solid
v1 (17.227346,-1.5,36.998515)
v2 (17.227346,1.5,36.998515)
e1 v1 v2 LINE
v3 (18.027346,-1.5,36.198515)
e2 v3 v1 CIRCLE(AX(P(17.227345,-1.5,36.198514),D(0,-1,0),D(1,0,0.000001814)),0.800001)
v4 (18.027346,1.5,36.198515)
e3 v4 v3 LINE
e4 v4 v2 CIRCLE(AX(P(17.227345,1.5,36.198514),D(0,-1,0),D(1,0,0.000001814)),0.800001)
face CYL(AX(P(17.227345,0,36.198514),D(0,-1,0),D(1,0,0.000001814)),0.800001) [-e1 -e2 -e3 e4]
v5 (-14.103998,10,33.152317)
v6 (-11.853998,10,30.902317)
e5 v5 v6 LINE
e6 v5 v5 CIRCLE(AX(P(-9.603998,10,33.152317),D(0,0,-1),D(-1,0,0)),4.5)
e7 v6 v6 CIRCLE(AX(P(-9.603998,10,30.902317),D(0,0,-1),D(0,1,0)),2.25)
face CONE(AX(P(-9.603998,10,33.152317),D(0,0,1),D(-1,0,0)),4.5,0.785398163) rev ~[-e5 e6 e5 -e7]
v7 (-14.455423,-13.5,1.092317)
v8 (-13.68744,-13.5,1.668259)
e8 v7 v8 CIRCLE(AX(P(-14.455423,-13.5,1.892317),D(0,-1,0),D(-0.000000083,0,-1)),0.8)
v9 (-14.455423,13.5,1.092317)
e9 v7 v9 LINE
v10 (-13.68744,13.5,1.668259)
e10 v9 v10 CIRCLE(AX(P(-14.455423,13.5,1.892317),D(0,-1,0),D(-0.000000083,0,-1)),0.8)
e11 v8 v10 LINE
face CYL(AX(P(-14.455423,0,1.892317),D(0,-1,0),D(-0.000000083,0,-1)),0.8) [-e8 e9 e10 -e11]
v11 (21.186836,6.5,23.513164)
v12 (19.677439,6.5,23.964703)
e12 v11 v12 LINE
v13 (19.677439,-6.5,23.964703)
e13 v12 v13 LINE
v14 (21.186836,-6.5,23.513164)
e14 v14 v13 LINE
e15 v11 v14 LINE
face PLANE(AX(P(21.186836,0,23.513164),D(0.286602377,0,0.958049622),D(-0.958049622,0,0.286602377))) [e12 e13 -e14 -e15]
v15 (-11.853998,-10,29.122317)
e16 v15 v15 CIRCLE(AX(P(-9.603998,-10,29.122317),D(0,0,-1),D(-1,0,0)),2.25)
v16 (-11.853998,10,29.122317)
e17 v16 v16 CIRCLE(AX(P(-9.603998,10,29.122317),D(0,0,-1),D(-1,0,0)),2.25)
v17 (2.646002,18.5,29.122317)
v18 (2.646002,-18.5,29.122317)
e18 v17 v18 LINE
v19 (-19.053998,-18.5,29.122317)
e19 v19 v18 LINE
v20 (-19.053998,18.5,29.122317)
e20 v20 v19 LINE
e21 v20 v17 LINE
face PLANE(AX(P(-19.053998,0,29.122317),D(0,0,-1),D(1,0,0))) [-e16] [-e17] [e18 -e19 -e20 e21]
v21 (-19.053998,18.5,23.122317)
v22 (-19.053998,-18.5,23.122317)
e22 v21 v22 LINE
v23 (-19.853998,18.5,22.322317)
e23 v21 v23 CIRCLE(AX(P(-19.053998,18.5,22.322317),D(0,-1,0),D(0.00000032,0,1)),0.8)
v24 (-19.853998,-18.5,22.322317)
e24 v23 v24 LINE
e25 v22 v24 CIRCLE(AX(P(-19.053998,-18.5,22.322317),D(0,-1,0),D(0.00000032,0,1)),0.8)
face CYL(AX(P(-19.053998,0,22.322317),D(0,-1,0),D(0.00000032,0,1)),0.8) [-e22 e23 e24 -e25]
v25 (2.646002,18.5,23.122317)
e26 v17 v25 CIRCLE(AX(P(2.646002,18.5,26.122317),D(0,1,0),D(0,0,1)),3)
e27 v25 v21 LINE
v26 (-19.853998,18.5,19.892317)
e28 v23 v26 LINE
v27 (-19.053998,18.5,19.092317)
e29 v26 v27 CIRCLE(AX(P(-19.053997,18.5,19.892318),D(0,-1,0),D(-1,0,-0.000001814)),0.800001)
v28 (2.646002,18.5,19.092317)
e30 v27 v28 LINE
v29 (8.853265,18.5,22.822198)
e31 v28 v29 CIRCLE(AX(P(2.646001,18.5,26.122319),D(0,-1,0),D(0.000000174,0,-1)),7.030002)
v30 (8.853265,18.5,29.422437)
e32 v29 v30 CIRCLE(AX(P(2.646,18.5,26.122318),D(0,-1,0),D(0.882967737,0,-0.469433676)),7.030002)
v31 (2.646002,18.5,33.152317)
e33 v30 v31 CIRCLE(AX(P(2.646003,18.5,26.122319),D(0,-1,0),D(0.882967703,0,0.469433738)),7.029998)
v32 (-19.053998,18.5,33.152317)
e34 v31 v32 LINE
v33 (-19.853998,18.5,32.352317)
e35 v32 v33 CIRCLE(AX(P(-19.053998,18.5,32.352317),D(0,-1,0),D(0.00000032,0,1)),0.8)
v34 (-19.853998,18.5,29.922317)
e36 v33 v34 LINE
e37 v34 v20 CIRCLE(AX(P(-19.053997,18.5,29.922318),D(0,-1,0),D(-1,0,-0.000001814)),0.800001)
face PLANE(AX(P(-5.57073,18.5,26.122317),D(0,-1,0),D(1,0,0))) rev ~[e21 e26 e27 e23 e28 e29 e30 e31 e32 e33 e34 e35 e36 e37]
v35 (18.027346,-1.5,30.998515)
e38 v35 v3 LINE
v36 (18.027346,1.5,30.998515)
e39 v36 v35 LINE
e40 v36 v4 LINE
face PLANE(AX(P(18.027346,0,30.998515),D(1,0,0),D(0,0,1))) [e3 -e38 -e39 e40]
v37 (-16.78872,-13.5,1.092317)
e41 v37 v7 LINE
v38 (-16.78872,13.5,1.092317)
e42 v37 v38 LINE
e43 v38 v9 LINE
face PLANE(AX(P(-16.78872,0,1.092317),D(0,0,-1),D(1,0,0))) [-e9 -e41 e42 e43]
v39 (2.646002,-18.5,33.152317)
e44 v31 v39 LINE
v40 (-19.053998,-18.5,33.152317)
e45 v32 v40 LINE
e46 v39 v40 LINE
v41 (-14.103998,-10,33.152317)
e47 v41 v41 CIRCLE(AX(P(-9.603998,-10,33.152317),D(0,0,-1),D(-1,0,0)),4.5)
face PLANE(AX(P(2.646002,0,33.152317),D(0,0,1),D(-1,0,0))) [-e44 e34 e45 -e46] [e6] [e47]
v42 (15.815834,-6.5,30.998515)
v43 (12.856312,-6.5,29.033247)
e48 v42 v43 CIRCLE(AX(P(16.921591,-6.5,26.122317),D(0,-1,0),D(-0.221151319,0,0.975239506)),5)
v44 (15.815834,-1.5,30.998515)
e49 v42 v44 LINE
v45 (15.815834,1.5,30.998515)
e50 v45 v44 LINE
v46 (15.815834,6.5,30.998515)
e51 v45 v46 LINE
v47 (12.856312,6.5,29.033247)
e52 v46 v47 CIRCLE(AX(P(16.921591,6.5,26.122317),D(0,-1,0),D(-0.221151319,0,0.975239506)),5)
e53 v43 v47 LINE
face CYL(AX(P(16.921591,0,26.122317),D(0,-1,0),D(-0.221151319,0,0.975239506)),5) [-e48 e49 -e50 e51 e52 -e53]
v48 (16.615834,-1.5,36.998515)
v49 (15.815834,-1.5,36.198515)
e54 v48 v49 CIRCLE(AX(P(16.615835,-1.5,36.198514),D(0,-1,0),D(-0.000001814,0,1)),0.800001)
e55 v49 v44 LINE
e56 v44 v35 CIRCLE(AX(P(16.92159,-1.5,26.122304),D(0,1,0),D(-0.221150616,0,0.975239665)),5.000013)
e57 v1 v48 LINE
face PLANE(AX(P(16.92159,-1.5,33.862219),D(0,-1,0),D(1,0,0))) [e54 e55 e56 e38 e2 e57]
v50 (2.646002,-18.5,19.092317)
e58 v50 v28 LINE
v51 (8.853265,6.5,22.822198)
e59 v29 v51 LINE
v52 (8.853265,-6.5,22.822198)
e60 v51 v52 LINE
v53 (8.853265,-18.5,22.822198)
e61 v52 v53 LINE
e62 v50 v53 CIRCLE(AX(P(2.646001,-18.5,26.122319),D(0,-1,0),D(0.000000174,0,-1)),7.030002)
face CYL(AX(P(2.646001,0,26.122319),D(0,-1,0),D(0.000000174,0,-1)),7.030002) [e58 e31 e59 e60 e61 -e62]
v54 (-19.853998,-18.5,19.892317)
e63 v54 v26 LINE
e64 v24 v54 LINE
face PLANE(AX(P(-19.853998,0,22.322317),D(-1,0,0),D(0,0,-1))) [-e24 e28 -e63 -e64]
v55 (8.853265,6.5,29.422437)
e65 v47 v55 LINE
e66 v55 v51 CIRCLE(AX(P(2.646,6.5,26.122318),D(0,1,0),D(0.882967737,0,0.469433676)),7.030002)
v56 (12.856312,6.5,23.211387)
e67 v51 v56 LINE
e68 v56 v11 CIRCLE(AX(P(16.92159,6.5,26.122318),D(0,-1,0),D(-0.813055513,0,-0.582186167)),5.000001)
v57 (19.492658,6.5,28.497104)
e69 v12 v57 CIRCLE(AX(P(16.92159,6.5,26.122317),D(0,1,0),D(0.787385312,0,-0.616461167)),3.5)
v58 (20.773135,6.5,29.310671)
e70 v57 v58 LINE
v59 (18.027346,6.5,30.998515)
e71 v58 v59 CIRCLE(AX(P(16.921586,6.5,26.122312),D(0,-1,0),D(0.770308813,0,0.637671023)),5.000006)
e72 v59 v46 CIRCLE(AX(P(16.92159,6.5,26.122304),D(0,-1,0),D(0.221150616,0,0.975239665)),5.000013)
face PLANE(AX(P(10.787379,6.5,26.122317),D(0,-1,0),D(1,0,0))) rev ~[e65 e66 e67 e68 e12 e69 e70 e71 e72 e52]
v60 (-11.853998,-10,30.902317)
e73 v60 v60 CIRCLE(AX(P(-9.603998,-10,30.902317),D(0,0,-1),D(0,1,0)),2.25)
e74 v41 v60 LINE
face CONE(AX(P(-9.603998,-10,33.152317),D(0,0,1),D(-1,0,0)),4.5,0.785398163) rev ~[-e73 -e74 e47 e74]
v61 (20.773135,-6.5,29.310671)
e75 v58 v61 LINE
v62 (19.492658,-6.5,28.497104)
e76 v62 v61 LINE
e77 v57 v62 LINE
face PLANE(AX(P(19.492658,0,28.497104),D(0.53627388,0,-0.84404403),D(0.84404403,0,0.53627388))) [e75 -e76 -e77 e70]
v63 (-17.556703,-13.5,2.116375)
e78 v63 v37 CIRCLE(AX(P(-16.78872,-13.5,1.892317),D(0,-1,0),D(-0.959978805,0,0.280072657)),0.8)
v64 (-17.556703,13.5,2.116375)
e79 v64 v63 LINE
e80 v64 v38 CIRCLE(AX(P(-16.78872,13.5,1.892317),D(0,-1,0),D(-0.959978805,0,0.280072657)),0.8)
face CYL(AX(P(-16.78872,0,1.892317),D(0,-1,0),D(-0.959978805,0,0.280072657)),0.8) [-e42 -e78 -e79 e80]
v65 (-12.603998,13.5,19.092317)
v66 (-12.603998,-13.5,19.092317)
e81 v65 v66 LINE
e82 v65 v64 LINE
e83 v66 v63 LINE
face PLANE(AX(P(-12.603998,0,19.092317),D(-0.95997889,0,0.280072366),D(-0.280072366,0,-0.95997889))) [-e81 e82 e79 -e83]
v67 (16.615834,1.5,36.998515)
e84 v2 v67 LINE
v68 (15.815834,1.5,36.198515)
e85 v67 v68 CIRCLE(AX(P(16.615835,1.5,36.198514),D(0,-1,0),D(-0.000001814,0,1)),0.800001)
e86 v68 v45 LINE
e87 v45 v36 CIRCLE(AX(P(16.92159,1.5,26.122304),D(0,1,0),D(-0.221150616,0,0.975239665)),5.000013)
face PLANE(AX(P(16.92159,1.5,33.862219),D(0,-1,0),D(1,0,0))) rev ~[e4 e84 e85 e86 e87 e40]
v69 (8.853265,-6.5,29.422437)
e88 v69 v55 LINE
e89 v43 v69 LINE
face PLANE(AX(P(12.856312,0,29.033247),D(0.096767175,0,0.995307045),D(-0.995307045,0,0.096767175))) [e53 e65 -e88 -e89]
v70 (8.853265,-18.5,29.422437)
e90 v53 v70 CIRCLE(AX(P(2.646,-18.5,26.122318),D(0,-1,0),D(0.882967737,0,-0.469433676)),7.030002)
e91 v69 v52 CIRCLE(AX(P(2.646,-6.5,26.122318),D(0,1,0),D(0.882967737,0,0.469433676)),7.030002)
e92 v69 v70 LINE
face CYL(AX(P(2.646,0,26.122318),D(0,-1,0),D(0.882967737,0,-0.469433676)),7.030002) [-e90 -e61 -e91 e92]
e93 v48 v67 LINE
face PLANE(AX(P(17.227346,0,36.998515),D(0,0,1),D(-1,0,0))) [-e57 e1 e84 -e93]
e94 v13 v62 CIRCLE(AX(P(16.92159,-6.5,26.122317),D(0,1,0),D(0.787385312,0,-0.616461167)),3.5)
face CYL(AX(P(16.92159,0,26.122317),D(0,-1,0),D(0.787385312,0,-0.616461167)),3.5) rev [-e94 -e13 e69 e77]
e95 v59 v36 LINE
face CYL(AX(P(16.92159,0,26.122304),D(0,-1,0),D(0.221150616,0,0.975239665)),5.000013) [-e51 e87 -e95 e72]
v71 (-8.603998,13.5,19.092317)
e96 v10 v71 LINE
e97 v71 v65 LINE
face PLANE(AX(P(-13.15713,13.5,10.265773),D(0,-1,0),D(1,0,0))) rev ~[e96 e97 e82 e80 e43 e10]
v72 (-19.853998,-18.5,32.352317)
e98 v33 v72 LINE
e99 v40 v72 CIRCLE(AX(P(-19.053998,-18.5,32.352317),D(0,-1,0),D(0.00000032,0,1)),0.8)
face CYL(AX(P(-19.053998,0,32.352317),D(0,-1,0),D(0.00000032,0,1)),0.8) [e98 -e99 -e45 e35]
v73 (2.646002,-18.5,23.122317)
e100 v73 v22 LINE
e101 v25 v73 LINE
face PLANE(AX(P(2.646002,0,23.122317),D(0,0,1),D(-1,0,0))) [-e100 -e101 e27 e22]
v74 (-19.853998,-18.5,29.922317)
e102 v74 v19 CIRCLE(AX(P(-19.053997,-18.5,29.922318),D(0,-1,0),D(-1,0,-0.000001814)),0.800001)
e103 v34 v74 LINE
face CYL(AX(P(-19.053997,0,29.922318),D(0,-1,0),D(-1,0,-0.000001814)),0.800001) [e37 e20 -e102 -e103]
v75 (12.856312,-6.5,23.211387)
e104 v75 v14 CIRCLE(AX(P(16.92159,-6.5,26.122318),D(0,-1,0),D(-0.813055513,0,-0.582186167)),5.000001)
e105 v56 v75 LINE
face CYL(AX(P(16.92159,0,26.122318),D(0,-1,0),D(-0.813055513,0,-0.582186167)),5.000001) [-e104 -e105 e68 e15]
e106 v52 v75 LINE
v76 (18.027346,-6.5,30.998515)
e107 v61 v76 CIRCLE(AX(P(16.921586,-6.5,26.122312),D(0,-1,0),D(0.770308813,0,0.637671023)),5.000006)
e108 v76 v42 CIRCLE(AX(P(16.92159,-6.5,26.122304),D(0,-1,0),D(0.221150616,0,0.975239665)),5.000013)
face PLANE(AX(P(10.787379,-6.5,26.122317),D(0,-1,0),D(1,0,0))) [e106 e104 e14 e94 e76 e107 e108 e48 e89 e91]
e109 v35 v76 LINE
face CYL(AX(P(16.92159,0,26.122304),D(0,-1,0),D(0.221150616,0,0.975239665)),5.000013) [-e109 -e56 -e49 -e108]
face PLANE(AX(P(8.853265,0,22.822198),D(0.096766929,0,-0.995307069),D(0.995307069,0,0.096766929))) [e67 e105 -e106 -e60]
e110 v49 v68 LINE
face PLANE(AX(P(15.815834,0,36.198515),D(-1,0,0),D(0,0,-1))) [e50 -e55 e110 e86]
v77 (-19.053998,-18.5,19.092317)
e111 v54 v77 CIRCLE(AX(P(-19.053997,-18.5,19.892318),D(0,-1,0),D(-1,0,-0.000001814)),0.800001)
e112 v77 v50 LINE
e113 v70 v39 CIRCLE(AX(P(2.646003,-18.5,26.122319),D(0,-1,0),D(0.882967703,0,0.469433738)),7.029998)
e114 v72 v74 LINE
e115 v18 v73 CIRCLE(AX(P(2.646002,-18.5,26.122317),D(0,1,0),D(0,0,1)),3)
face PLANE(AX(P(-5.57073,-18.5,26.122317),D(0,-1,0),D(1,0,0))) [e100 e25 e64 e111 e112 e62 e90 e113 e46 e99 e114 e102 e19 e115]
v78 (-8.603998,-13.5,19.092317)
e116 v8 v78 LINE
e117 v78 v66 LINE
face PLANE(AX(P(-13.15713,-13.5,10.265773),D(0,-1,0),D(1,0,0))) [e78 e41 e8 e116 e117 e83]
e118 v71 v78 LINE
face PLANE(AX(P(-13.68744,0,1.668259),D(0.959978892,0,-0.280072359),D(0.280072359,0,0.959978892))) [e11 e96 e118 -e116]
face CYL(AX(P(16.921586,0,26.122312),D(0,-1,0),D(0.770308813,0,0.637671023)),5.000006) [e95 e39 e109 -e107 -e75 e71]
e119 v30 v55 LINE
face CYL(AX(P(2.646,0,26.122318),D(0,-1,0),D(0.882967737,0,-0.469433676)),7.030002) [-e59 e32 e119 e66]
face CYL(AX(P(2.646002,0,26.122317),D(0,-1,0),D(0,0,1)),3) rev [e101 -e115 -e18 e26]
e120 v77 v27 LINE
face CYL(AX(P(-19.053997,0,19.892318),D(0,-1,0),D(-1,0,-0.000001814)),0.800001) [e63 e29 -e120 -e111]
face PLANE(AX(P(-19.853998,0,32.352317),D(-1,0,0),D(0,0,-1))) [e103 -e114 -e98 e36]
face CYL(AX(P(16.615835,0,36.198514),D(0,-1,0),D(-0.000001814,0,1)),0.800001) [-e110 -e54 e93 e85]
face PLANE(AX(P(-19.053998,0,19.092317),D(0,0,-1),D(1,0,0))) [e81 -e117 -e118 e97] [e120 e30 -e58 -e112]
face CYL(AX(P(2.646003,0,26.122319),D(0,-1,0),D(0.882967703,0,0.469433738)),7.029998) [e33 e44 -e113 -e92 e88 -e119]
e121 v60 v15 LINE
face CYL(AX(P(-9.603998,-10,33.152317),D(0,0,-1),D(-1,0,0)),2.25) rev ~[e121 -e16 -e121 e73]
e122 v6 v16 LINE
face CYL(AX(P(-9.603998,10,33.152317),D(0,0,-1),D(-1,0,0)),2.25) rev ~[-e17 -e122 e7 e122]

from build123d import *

# Parameters (mm, degrees)
F1_DEPTH       = 18.5
F2_DEPTH       = 6.5
F3_DEPTH       = 1.5
F4_DEPTH       = 13.5
F6_D           = 4.5
F6_DEPTH       = 7
F6_CSINK_D     = 9
F6_CSINK_ANGLE = 90


with BuildPart() as f1:
    # F0 (on Front) → F1 (new body, symmetric)
    with BuildSketch(Plane.XZ):
        with BuildLine():
            Line((-8.603998, 19.092317), (2.646002, 19.092317))
            ThreePointArc((2.646002, 19.092317), (6.266849, 20.096509), (8.853265, 22.822198))
            ThreePointArc((8.853265, 22.822198), (9.676002, 26.122317), (8.853265, 29.422437))
            ThreePointArc((8.853265, 29.422437), (6.266849, 32.148126), (2.646002, 33.152317))
            Line((2.646002, 33.152317), (-19.053998, 33.152317))
            ThreePointArc((-19.053998, 33.152317), (-19.619683, 32.918003), (-19.853998, 32.352317))
            Line((-19.853998, 32.352317), (-19.853998, 29.922317))
            ThreePointArc((-19.853998, 29.922317), (-19.619683, 29.356632), (-19.053998, 29.122317))
            Line((-19.053998, 29.122317), (2.646002, 29.122317))
            ThreePointArc((2.646002, 29.122317), (5.646002, 26.122317), (2.646002, 23.122317))
            Line((2.646002, 23.122317), (-19.053998, 23.122317))
            ThreePointArc((-19.053998, 23.122317), (-19.619683, 22.888003), (-19.853998, 22.322317))
            Line((-19.853998, 22.322317), (-19.853998, 19.892317))
            ThreePointArc((-19.853998, 19.892317), (-19.619683, 19.326632), (-19.053998, 19.092317))
            Line((-19.053998, 19.092317), (-12.603998, 19.092317))
            Line((-12.603998, 19.092317), (-8.603998, 19.092317))
        make_face()
    extrude(amount=F1_DEPTH, both=True)

    # F0 (on Front) → F2 (join, symmetric)
    with BuildSketch(Plane.XZ):
        with BuildLine():
            ThreePointArc((8.853265, 29.422437), (9.676002, 26.122317), (8.853265, 22.822198))
            Line((8.853265, 22.822198), (12.856312, 23.211387))
            ThreePointArc((12.856312, 23.211387), (11.92159, 26.122317), (12.856312, 29.033247))
            Line((12.856312, 29.033247), (8.853265, 29.422437))
        make_face()
        with BuildLine():
            ThreePointArc((12.856312, 29.033247), (11.92159, 26.122317), (12.856312, 23.211387))
            ThreePointArc((12.856312, 23.211387), (17.102599, 21.125595), (21.186836, 23.513164))
            Line((21.186836, 23.513164), (19.677439, 23.964703))
            ThreePointArc((19.677439, 23.964703), (13.424495, 25.979745), (19.492658, 28.497104))
            Line((19.492658, 28.497104), (20.773135, 29.310671))
            ThreePointArc((20.773135, 29.310671), (19.539969, 30.381905), (18.027346, 30.998515))
            ThreePointArc((18.027346, 30.998515), (16.92159, 31.122317), (15.815834, 30.998515))
            ThreePointArc((15.815834, 30.998515), (14.155642, 30.287594), (12.856312, 29.033247))
        make_face()
    extrude(amount=F2_DEPTH, both=True)

    # F0 (on Front) → F3 (join, symmetric)
    with BuildSketch(Plane.XZ):
        with BuildLine():
            Line((15.815834, 36.198515), (15.815834, 30.998515))
            ThreePointArc((15.815834, 30.998515), (16.92159, 31.122317), (18.027346, 30.998515))
            Line((18.027346, 30.998515), (18.027346, 36.198515))
            ThreePointArc((18.027346, 36.198515), (17.793031, 36.7642), (17.227346, 36.998515))
            Line((17.227346, 36.998515), (16.615834, 36.998515))
            ThreePointArc((16.615834, 36.998515), (16.050149, 36.7642), (15.815834, 36.198515))
        make_face()
    extrude(amount=F3_DEPTH, both=True)

    # F0 (on Front) → F4 (join, symmetric)
    with BuildSketch(Plane.XZ):
        with BuildLine():
            Line((-13.68744, 1.668259), (-8.603998, 19.092317))
            Line((-8.603998, 19.092317), (-12.603998, 19.092317))
            Line((-12.603998, 19.092317), (-17.556703, 2.116375))
            ThreePointArc((-17.556703, 2.116375), (-17.428738, 1.412341), (-16.78872, 1.092317))
            Line((-16.78872, 1.092317), (-14.455423, 1.092317))
            ThreePointArc((-14.455423, 1.092317), (-13.975447, 1.252299), (-13.68744, 1.668259))
        make_face()
    extrude(amount=F4_DEPTH, both=True)

    # F6
    with Locations(Plane.XY.offset(33.152317)):
        with Locations((-9.603998, 10), (-9.603998, -10)):
            CounterSinkHole(F6_D / 2, F6_CSINK_D / 2, depth=F6_DEPTH, counter_sink_angle=F6_CSINK_ANGLE)


solid = f1.part
